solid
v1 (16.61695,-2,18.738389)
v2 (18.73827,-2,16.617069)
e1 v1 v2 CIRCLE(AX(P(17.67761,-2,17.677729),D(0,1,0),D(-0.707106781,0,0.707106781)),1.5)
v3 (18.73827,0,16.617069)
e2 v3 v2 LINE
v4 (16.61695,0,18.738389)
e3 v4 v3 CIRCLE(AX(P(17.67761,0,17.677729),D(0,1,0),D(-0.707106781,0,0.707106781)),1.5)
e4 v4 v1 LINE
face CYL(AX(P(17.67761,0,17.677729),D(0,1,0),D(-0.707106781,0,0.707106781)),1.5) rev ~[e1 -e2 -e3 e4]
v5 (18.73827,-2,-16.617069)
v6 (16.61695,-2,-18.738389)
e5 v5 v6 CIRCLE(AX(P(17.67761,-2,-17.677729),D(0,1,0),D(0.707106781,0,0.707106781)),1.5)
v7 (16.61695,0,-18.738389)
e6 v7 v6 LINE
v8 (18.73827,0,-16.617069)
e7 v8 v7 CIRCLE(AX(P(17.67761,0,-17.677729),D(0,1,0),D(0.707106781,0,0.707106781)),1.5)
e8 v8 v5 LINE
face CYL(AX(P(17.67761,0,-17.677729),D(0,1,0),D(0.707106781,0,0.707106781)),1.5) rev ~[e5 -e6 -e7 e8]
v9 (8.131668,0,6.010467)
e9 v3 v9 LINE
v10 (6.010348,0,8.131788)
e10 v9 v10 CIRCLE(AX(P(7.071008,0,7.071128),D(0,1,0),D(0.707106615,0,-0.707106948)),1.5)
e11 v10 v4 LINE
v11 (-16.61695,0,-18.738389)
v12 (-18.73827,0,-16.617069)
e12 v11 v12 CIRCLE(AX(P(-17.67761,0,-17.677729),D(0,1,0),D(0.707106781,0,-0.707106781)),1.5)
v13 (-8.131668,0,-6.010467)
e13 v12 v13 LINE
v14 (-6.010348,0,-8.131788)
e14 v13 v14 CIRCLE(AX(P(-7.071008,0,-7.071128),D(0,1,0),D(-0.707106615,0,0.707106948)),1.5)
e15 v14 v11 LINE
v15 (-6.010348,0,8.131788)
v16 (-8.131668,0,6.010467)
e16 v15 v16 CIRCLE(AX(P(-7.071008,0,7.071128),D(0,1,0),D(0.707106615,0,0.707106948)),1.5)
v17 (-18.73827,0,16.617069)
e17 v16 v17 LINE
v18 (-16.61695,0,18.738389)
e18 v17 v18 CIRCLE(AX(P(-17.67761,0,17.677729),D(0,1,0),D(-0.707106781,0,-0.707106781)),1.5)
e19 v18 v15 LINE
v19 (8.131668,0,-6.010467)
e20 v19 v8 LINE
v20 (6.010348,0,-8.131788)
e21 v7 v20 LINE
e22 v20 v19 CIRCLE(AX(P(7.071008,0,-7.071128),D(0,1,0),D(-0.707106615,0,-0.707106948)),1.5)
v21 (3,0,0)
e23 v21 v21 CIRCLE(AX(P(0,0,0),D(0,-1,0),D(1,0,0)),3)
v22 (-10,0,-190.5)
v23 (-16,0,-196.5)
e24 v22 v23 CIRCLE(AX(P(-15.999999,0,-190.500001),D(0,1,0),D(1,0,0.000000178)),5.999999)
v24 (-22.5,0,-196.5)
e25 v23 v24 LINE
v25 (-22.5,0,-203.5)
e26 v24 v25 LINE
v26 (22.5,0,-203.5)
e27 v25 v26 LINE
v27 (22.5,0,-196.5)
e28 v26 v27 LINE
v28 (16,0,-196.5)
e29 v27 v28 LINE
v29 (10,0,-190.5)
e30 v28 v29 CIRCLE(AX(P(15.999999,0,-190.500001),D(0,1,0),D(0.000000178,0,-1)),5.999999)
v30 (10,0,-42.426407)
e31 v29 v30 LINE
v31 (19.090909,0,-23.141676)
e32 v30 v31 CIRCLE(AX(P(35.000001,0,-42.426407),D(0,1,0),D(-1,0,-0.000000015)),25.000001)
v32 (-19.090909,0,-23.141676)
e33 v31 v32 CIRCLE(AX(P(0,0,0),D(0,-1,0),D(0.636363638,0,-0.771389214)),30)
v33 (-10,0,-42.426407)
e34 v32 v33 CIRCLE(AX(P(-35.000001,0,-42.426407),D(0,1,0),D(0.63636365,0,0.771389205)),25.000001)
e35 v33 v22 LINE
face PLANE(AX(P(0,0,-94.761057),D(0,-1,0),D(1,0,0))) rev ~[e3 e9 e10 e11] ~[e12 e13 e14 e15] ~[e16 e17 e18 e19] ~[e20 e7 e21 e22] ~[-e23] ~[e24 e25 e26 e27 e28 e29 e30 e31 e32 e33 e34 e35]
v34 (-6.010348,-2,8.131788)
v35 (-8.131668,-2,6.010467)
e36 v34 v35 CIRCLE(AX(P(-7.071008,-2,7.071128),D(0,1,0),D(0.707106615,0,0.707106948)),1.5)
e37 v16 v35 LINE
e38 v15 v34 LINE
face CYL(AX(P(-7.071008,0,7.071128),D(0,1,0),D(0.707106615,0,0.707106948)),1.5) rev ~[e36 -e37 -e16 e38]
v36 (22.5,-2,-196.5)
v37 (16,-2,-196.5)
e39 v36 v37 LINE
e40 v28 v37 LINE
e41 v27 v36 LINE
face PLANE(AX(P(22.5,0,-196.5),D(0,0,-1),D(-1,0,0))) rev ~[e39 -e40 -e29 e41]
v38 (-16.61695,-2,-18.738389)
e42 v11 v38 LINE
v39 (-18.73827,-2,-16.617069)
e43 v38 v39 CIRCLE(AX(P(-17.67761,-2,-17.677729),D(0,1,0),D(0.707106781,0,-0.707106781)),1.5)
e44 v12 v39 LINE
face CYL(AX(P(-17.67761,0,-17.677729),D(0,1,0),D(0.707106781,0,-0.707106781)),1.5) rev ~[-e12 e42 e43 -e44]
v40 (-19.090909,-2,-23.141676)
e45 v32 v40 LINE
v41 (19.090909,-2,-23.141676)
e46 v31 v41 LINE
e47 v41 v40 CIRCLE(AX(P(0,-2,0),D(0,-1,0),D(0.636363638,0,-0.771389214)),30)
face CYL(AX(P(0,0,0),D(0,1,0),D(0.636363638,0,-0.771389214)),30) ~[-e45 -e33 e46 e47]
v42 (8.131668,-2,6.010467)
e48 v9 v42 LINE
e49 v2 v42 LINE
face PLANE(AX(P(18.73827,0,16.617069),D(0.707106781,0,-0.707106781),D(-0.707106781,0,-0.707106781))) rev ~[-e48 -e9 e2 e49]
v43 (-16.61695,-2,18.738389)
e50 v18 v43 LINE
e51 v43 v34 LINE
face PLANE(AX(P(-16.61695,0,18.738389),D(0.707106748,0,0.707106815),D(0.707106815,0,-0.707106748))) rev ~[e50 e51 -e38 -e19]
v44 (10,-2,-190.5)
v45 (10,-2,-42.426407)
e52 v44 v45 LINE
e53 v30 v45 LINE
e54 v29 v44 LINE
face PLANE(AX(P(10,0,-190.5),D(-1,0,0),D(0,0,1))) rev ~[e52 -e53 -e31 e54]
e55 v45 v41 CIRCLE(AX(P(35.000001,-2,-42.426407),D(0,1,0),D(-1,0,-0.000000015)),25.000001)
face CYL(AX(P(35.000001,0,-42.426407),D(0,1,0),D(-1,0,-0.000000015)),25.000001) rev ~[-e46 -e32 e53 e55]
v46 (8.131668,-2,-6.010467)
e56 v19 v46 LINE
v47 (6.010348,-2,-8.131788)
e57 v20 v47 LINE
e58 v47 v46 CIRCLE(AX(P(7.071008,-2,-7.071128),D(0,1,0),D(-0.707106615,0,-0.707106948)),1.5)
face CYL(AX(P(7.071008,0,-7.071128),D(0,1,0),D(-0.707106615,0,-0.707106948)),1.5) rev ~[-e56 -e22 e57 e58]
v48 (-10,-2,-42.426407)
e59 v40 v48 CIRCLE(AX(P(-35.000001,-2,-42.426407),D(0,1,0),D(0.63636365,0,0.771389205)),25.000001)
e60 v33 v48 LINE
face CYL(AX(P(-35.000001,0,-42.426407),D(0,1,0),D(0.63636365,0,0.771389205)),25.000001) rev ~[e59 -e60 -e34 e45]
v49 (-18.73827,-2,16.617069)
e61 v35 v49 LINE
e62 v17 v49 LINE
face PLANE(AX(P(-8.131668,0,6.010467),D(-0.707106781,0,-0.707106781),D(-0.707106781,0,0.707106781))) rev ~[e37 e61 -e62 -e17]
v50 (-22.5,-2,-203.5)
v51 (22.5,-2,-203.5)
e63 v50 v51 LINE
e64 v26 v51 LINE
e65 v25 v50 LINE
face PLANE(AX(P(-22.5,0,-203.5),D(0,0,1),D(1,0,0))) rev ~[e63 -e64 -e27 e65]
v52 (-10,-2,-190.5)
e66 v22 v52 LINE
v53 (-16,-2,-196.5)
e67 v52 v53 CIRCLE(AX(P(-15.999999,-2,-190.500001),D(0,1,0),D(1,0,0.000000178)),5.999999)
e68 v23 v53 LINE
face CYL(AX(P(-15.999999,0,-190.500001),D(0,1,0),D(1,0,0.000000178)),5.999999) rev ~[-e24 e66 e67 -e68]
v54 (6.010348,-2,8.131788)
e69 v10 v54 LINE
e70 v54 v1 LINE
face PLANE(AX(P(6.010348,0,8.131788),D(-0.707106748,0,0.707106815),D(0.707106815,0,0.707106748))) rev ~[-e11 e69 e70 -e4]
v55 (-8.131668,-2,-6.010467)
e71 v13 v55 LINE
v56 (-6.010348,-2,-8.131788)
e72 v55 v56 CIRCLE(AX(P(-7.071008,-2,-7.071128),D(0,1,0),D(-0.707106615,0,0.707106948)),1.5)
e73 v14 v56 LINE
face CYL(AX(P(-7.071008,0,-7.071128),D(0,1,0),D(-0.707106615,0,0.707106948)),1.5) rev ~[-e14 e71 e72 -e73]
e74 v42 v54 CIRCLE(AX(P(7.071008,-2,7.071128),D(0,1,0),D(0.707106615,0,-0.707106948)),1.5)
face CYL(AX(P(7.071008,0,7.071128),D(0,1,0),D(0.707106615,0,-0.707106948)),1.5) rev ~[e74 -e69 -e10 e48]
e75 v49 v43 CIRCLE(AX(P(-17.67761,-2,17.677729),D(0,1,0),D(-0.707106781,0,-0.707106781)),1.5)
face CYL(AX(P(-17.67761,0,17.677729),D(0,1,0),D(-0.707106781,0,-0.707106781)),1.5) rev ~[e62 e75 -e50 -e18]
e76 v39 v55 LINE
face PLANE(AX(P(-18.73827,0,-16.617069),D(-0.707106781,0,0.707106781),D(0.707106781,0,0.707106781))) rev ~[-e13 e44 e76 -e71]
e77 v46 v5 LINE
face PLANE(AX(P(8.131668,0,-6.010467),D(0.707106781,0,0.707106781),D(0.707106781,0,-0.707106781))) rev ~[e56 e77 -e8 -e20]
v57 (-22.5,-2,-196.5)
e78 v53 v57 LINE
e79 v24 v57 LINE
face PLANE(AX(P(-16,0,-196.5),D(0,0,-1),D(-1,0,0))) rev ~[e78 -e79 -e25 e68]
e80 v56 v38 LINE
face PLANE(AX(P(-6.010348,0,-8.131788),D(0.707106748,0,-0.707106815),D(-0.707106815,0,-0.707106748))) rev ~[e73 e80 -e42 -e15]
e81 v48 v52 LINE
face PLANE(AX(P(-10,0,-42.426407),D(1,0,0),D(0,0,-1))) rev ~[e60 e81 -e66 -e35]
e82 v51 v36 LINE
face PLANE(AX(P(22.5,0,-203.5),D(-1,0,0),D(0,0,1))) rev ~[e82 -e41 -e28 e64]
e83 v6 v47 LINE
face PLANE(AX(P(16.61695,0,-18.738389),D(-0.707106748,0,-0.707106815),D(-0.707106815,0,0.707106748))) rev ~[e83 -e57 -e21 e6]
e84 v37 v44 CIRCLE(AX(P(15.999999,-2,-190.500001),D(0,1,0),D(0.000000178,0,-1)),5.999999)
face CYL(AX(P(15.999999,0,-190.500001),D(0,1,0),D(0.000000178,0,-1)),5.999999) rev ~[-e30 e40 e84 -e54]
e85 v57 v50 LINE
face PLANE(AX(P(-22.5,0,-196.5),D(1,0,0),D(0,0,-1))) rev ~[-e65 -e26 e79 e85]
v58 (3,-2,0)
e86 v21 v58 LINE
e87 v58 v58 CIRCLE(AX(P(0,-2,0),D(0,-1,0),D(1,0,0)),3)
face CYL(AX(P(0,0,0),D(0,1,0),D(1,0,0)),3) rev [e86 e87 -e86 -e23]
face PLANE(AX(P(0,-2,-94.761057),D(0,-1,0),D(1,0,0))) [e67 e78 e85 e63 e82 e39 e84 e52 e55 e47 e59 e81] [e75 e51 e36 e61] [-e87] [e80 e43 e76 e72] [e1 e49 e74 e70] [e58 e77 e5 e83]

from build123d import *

# Parameters (mm, degrees)
F0_R     = 3
F1_DEPTH = 2


with BuildPart() as f1:
    # F0 (on Front) → F1 (new body)
    with BuildSketch(Plane.XZ):
        with BuildLine():
            ThreePointArc((10, -42.426407), (12.386649, -31.766371), (19.090909, -23.141676))
            ThreePointArc((19.090909, -23.141676), (0, 30), (-19.090909, -23.141676))
            ThreePointArc((-19.090909, -23.141676), (-12.386649, -31.766371), (-10, -42.426407))
            Line((-10, -42.426407), (-10, -190.5))
            ThreePointArc((-10, -190.5), (-11.757359, -194.742641), (-16, -196.5))
            Line((-16, -196.5), (-22.5, -196.5))
            Line((-22.5, -196.5), (-22.5, -203.5))
            Line((-22.5, -203.5), (22.5, -203.5))
            Line((22.5, -203.5), (22.5, -196.5))
            Line((22.5, -196.5), (16, -196.5))
            ThreePointArc((16, -196.5), (11.757359, -194.742641), (10, -190.5))
            Line((10, -190.5), (10, -42.426407))
        make_face()
        with BuildLine():
            Line((-6.010348, -8.131788), (-16.61695, -18.738389))
            ThreePointArc((-16.61695, -18.738389), (-18.73827, -18.738389), (-18.73827, -16.617069))
            Line((-18.73827, -16.617069), (-8.131668, -6.010467))
            ThreePointArc((-8.131668, -6.010467), (-6.010348, -6.010467), (-6.010348, -8.131788))
        make_face(mode=Mode.SUBTRACT)
        with BuildLine():
            ThreePointArc((-18.73827, 16.617069), (-18.73827, 18.738389), (-16.61695, 18.738389))
            Line((-16.61695, 18.738389), (-6.010348, 8.131788))
            ThreePointArc((-6.010348, 8.131788), (-6.010348, 6.010467), (-8.131668, 6.010467))
            Line((-8.131668, 6.010467), (-18.73827, 16.617069))
        make_face(mode=Mode.SUBTRACT)
        Circle(F0_R, mode=Mode.SUBTRACT)
        with BuildLine():
            Line((8.131668, -6.010467), (18.73827, -16.617069))
            ThreePointArc((18.73827, -16.617069), (18.73827, -18.738389), (16.61695, -18.738389))
            Line((16.61695, -18.738389), (6.010348, -8.131788))
            ThreePointArc((6.010348, -8.131788), (6.010348, -6.010467), (8.131668, -6.010467))
        make_face(mode=Mode.SUBTRACT)
        with BuildLine():
            ThreePointArc((16.61695, 18.738389), (18.73827, 18.738389), (18.73827, 16.617069))
            Line((18.73827, 16.617069), (8.131668, 6.010467))
            ThreePointArc((8.131668, 6.010467), (6.010348, 6.010467), (6.010348, 8.131788))
            Line((6.010348, 8.131788), (16.61695, 18.738389))
        make_face(mode=Mode.SUBTRACT)
    extrude(amount=F1_DEPTH)


solid = f1.part
